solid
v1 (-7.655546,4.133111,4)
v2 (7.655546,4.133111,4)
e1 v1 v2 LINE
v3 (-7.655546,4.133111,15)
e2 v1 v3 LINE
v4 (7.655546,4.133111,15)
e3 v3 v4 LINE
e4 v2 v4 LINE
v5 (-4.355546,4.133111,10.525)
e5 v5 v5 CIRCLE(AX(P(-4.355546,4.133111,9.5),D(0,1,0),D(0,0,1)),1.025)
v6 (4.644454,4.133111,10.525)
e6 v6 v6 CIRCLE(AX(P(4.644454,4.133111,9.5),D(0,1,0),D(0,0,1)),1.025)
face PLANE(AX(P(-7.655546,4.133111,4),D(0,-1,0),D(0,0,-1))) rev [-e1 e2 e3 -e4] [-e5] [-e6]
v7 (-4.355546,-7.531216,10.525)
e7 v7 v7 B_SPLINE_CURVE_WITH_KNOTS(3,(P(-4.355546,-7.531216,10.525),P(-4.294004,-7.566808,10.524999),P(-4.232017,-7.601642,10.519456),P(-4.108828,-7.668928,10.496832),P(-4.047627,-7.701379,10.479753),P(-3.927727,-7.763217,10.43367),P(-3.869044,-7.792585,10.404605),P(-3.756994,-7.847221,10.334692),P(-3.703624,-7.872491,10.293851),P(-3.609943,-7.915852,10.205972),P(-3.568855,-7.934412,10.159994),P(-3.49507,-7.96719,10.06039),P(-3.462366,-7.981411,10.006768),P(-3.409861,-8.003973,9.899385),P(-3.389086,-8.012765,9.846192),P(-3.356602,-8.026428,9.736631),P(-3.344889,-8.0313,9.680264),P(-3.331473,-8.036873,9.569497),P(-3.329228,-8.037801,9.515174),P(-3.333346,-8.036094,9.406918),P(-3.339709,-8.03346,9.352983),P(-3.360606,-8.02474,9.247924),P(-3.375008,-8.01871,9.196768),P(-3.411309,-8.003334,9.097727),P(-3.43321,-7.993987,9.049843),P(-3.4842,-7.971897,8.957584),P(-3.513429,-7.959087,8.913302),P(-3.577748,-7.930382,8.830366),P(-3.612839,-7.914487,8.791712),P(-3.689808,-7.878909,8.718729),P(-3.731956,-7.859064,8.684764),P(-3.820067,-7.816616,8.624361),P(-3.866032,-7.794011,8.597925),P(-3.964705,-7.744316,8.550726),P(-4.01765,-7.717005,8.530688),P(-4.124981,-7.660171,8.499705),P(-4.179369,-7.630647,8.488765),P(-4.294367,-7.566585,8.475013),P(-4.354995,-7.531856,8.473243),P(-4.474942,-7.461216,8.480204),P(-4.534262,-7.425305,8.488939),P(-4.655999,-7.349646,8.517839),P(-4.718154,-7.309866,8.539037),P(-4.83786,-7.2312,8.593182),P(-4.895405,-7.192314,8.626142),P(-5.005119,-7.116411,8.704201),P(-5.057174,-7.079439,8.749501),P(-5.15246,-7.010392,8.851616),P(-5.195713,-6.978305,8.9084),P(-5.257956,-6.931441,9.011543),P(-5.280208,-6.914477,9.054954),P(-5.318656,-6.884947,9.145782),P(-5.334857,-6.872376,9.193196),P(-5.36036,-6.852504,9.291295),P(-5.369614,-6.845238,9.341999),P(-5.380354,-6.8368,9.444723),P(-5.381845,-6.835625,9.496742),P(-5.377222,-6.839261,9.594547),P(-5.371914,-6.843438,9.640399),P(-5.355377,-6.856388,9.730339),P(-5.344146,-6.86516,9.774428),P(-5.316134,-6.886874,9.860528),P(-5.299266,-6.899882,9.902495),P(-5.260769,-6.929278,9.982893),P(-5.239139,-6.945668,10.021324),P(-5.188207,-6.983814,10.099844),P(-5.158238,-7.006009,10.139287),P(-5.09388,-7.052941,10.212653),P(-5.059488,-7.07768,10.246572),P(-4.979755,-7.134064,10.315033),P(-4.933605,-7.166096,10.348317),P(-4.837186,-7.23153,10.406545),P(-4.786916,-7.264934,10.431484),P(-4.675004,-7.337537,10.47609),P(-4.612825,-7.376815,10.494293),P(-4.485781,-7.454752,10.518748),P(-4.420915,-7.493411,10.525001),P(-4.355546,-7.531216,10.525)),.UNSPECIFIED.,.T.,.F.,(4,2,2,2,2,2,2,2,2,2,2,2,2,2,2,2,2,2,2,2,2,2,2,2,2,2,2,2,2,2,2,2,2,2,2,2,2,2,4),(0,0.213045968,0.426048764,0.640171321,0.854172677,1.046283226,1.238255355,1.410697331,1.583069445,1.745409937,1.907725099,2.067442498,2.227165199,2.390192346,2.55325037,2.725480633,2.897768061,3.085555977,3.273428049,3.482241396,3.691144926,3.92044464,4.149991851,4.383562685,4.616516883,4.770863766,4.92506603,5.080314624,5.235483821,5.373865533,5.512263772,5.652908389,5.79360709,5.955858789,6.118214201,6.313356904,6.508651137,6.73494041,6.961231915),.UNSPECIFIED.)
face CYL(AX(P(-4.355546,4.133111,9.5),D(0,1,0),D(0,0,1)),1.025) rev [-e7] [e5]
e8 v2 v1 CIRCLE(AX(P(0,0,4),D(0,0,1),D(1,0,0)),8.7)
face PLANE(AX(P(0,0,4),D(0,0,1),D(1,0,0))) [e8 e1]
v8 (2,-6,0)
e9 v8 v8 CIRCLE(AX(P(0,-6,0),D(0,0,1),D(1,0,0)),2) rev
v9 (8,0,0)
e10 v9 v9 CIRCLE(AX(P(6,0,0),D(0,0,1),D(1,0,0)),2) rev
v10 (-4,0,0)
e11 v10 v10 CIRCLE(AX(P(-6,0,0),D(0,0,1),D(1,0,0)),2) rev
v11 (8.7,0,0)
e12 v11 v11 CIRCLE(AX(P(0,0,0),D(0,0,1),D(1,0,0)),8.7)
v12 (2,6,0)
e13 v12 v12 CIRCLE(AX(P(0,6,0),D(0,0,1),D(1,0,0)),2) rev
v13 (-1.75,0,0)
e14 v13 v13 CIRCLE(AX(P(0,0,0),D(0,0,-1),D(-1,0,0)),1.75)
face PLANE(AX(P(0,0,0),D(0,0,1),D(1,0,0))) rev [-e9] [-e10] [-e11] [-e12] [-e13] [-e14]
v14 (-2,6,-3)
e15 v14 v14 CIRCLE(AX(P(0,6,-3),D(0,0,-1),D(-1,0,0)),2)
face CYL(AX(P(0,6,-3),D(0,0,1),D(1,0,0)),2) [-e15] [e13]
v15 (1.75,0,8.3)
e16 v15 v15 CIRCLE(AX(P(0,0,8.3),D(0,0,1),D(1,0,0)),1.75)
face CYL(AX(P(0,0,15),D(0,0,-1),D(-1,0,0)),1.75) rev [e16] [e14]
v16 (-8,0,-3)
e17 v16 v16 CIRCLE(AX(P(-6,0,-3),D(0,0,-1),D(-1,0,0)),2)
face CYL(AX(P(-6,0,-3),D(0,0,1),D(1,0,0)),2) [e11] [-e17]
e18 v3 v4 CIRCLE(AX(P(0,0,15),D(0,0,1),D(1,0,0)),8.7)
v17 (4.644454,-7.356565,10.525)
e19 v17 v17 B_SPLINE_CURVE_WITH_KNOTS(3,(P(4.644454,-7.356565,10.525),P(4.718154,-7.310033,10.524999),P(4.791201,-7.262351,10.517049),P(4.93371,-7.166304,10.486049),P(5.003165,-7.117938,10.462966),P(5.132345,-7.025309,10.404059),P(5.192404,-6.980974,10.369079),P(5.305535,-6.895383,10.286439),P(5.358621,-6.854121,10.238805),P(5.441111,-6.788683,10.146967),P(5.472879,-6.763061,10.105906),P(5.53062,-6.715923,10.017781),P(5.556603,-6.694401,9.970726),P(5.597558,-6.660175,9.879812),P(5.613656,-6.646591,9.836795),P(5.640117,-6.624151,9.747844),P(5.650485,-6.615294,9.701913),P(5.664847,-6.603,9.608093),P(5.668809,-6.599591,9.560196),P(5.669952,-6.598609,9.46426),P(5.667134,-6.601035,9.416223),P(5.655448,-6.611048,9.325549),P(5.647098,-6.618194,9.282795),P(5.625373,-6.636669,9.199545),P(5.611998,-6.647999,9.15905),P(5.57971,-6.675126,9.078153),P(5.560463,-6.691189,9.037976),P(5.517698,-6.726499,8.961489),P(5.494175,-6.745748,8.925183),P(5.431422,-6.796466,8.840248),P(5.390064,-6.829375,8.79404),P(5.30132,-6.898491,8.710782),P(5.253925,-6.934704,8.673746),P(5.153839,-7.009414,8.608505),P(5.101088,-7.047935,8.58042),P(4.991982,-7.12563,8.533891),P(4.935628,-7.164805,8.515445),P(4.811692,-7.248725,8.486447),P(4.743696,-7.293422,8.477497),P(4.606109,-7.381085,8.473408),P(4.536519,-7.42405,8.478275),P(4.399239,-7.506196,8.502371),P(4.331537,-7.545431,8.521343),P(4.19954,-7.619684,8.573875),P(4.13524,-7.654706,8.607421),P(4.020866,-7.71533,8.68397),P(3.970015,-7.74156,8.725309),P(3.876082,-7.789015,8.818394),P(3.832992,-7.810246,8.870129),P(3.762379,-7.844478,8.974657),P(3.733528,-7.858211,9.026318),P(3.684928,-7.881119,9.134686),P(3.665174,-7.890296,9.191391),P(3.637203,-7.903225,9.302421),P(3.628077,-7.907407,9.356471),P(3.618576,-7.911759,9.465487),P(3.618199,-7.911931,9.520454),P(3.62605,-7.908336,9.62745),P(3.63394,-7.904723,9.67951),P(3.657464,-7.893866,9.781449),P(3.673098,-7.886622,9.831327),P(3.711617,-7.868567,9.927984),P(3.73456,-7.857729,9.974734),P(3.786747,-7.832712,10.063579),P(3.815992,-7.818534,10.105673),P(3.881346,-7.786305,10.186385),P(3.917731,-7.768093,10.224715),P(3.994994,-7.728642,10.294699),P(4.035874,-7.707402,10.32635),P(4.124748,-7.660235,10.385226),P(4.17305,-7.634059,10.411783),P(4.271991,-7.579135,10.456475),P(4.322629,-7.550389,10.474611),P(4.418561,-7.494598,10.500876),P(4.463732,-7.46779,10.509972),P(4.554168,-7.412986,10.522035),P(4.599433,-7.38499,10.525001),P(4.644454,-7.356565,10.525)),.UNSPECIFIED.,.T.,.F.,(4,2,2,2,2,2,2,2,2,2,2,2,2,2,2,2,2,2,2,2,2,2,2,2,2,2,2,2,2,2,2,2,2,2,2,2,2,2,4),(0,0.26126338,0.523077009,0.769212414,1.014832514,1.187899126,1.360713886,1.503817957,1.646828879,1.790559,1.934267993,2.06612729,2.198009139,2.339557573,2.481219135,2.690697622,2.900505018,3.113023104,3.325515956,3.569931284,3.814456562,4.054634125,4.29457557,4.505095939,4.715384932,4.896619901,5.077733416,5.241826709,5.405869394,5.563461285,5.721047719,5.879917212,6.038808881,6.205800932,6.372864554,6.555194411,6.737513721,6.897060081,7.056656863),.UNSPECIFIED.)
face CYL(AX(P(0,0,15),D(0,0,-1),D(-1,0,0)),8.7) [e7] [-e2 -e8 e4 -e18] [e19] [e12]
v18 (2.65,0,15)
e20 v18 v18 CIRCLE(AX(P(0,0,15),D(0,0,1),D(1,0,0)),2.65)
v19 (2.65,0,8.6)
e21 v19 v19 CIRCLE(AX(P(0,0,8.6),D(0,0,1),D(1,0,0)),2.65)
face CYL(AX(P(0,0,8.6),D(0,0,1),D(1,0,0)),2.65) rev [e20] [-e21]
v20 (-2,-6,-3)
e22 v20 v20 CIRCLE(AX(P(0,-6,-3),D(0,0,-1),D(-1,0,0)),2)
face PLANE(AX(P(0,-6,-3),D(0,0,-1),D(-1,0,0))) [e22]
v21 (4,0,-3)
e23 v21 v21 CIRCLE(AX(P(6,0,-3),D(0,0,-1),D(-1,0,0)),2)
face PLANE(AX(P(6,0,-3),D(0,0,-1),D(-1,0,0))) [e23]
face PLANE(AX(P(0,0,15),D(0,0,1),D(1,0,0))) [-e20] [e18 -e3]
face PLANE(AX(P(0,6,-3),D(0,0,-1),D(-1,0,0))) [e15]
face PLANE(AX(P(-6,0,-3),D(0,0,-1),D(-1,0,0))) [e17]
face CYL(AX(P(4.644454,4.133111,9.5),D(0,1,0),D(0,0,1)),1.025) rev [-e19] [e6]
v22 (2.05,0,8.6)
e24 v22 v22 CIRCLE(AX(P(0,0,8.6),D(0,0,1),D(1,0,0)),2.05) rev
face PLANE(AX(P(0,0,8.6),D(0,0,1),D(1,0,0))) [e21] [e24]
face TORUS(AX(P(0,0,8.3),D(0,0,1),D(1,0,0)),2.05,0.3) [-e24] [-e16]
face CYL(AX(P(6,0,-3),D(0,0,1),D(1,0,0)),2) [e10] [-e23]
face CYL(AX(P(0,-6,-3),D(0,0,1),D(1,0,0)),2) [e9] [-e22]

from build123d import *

# Parameters (mm, degrees)
SKETCH1_R                      = 8.7
BOSS_EXTRUDE1_DEPTH            = 15
SKETCH5_R                      = 1.75
CUT_EXTRUDE1_DEPTH             = 20.400515457
SKETCH6_R                      = 2.65
CUT_EXTRUDE3_DEPTH             = 6.4
SKETCH2_W                      = 17
SKETCH2_H                      = 4.566888769
CUT_EXTRUDE4_DEPTH             = 11
FILLET1_R                      = 0.3
TAP_DRILL_FOR_M2_5X0_45_TAP2_D = 2.05
SKETCH4_R                      = 2
BOSS_EXTRUDE2_DEPTH            = 3


with BuildPart() as part:
    # Sketch1 → Boss-Extrude1 (new body)
    with BuildSketch(Plane.XY):
        Circle(SKETCH1_R)
    extrude(amount=BOSS_EXTRUDE1_DEPTH)

    # Sketch5 → Cut-Extrude1 (cut, through all)
    with BuildSketch(Plane(origin=(0, 0, 0), x_dir=(-1, 0, 0), z_dir=(0, 0, -1))):
        Circle(SKETCH5_R)
    extrude(amount=-CUT_EXTRUDE1_DEPTH, mode=Mode.SUBTRACT)

    # Sketch6 → Cut-Extrude3 (cut)
    with BuildSketch(Plane.XY.offset(15)):
        Circle(SKETCH6_R)
    extrude(amount=-CUT_EXTRUDE3_DEPTH, mode=Mode.SUBTRACT)

    # Sketch2 → Cut-Extrude4 (cut)
    with BuildSketch(Plane.XY.offset(15)):
        with Locations((0.844453543, 6.416555616)):
            Rectangle(SKETCH2_W, SKETCH2_H)
    extrude(amount=-CUT_EXTRUDE4_DEPTH, mode=Mode.SUBTRACT)

    # Fillet1
    fillet1_edges = [part.edges().sort_by_distance(p)[0] for p in [
        (1.75, 0, 8.6),
    ]]
    fillet(fillet1_edges, radius=FILLET1_R)

    # Tap Drill for M2.5x0.45 Tap2 (through all)
    with Locations(Plane(origin=(0, 4.133111231, 0), x_dir=(1, 0, 0), z_dir=(0, 1, 0))):
        with Locations((-4.355546457, -9.5), (4.644453543, -9.5)):
            Hole(TAP_DRILL_FOR_M2_5X0_45_TAP2_D / 2)

    # Sketch4 → Boss-Extrude2 (add)
    with BuildSketch(Plane(origin=(0, 0, 0), x_dir=(-1, 0, 0), z_dir=(0, 0, -1))):
        with Locations(Location((0, 6, 0), (0, 0, 180))):
            Circle(SKETCH4_R)
        with Locations(Location((6, 0, 0), (0, 0, 180))):
            Circle(SKETCH4_R)
        with Locations(Location((0, -6, 0), (0, 0, 180))):
            Circle(SKETCH4_R)
        with Locations(Location((-6, 0, 0), (0, 0, 180))):
            Circle(SKETCH4_R)
    extrude(amount=BOSS_EXTRUDE2_DEPTH)


solid = part.part
